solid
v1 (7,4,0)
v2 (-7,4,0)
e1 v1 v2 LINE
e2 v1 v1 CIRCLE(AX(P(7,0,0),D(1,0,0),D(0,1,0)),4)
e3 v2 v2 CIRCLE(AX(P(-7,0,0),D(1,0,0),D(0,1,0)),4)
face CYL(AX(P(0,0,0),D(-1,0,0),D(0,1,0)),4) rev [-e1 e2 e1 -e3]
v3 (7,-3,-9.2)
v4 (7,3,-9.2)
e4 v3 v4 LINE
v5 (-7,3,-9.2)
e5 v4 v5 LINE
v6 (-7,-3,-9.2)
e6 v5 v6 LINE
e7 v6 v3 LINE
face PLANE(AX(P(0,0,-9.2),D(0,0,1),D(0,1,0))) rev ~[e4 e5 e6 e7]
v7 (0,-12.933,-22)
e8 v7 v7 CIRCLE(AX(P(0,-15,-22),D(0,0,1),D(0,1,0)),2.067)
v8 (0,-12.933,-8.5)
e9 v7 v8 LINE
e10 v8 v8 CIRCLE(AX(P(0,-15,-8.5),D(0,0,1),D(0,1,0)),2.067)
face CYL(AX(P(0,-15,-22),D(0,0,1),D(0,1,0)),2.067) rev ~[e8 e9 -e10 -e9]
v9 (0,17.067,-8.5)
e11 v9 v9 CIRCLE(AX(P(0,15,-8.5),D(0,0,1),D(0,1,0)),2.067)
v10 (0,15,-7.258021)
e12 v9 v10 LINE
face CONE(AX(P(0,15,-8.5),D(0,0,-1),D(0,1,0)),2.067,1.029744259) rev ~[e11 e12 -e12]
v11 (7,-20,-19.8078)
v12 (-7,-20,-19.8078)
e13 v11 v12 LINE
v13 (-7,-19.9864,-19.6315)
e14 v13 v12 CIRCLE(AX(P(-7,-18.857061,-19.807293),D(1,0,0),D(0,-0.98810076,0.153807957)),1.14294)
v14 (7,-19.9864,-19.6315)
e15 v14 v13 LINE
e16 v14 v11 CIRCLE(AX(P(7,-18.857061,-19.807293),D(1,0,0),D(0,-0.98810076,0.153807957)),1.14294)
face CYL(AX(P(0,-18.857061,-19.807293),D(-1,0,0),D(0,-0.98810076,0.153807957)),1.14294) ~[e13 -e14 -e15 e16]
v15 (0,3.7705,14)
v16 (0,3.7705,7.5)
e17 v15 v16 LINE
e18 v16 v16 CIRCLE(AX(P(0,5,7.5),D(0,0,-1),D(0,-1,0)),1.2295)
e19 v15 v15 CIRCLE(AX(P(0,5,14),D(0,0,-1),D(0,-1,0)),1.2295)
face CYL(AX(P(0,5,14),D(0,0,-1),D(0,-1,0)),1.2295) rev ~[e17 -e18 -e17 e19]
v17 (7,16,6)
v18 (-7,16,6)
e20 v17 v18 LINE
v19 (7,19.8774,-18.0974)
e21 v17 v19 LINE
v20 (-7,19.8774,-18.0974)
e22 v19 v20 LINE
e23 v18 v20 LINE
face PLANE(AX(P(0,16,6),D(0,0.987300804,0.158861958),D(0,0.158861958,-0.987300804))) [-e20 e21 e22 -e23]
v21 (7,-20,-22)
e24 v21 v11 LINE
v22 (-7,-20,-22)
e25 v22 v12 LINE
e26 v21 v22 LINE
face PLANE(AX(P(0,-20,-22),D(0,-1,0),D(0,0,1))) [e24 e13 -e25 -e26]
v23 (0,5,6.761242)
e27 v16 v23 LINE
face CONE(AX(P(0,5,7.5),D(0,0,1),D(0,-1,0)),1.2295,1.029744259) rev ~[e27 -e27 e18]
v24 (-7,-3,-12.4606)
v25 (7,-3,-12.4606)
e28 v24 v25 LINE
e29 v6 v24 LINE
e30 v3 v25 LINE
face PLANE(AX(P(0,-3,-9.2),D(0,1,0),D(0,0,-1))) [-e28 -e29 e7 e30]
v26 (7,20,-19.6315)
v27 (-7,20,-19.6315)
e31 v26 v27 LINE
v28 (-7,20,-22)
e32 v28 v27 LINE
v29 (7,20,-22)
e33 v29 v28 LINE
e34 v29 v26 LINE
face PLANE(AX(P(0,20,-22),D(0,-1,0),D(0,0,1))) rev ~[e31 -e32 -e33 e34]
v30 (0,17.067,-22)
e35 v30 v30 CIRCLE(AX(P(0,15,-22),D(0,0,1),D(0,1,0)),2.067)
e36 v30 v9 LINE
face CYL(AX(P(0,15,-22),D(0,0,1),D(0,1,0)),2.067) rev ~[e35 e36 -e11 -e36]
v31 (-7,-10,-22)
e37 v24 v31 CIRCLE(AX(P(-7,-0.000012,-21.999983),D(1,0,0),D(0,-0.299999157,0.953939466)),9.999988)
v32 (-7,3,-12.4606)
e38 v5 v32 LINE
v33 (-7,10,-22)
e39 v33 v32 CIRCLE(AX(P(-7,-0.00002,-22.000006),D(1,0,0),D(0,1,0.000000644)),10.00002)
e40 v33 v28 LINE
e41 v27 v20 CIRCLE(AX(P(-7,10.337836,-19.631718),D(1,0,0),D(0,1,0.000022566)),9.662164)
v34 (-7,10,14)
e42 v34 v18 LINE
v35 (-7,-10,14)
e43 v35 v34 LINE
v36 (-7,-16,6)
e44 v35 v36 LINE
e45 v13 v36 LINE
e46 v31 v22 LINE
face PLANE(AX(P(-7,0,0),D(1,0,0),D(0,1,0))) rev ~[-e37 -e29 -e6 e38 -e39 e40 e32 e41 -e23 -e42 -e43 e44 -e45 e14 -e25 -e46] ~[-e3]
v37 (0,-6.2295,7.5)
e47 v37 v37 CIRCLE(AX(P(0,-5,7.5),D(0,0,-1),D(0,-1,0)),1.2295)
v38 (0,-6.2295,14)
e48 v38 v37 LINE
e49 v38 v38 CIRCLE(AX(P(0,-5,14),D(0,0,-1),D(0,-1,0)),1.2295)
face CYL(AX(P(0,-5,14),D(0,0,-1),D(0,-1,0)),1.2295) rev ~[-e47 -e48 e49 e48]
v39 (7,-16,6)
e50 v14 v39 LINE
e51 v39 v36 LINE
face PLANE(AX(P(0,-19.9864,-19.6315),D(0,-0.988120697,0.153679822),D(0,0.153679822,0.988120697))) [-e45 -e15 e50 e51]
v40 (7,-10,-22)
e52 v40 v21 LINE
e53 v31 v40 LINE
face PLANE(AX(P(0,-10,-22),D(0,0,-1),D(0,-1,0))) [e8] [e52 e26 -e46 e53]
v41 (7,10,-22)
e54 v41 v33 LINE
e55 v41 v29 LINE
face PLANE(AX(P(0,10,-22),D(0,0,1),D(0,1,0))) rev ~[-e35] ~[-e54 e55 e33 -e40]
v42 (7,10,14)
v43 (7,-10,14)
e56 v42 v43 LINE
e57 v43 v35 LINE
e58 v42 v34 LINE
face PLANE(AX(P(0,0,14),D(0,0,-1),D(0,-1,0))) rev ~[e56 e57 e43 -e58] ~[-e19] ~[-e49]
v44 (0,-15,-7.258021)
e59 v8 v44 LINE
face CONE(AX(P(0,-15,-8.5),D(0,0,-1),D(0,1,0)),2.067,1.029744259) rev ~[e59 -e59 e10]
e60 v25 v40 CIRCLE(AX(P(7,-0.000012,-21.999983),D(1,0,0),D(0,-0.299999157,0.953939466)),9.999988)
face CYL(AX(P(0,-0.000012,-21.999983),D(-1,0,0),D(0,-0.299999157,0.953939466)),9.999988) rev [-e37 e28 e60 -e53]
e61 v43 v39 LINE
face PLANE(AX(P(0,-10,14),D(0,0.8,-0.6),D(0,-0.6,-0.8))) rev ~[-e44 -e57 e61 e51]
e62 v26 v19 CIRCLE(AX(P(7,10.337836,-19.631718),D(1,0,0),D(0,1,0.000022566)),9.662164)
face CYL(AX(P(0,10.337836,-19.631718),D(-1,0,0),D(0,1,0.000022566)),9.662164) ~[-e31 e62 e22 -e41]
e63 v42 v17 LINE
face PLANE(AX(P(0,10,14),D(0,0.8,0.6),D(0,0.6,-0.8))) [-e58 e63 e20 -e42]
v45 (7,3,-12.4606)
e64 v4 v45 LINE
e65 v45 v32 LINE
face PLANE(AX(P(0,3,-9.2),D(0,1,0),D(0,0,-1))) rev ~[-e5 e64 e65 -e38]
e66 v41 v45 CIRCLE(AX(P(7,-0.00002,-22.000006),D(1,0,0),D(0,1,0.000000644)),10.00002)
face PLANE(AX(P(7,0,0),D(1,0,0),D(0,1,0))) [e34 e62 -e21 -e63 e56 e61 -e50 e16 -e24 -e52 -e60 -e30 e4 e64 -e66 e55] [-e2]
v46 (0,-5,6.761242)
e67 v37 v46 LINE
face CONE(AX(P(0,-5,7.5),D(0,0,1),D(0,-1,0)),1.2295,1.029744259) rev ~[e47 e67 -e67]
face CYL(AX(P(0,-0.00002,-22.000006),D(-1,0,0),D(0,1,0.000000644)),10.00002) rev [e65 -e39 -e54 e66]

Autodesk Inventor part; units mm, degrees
ref_plane "YZ Plane" through (0, 0, 0) normal (1, 0, 0) x (0, 1, 0)
sketch "Sketch1" plane through (0, 0, 0) normal (1, 0, 0) x (0, 1, 0)
  circle A0 centre (0, 0) radius 4
  line L0 (0, 0) -> (0, -22) construction
  line L1 (-10, -22) -> (-20, -22)
  line L2 (-20, -22) -> (-20, -19.8078)
  line L3 (10, -22) -> (20, -22)
  line L4 (20, -22) -> (20, -19.6315)
  line L5 (0, -9.2) -> (3, -9.2)
  line L6 (3, -9.2) -> (3, -12.4606)
  line L7 (0, -9.2) -> (-3, -9.2)
  line L8 (-3, -9.2) -> (-3, -12.4606)
  arc A1 (10, -22) -> (3, -12.4606) centre (0, -22) ccw
  arc A2 (-3, -12.4606) -> (-10, -22) centre (0, -22) ccw
  arc A3 (-19.9864, -19.6315) -> (-20, -19.8078) centre (-18.8527, -19.8078) ccw
  arc A4 (20, -19.6315) -> (19.8774, -18.0974) centre (10.3433, -19.6315) ccw
  line L9 (-19.9864, -19.6315) -> (-16, 6)
  line L10 (16, 6) -> (19.8774, -18.0974)
  line L11 (0, 14) -> (-10, 14)
  line L12 (-10, 14) -> (-16, 6)
  line L13 (0, 14) -> (10, 14)
  line L14 (10, 14) -> (16, 6)
  point P0 (-20, -12)
  point P1 (20, -12)
  dimension "d0" = 8
  dimension "d2" = 22
  dimension "d4" = 20
  dimension "d5" = 10
  dimension "d13" = 12.8
  dimension "d26" = 10
  dimension "d73" = 10
  dimension "d74" = 8
  dimension "d76" = 10
  dimension "d107" = 6
  dimension "d119" = 6
  dimension "d122" = 14
extrude "Extrusion1" add sketch "Sketch1" along normal mid plane 14
sketch "Sketch2" plane through (7, -10, -22) normal (0, 0, -1) x (-1, 0, 0)
  line L0 (14, 0) -> (14, -10) projected
  line L1 (7, 10) -> (-4.9056, 10) construction
  line L2 (14, 20) -> (0, 20)
  line L3 (0, 30) -> (0, 20)
  line L4 (0, 30) -> (14, 30)
  line L5 (14, 20) -> (14, 30)
  line L6 (0, -10) -> (0, 0) projected
  line L7 (14, 0) -> (0, 0) projected
  line L8 (0, -10) -> (14, -10) projected
  point P0 (5, 26.5)
  point P1 (5, -6.5)
  dimension "d46" = 5
  dimension "d48" = 3.5
  dimension "d50" = 5
  dimension "d51" = 3.5
ref_plane "Work Plane1" through (16, 0, 0) normal (1, 0, 0) x (0, 0, -1)
sketch "Sketch7" plane through (-7, 0, 0) normal (-1, 0, 0) x (0, 0, 1)
  circle A0 centre (0, 0) radius 4 projected
  circle A1 centre (0, 0) radius 14.25
  dimension "d52" = 28.5
sketch "Sketch10" plane through (-7, -10, 14) normal (0, 0, 1) x (1, 0, 0)
  line L0 (0, 0) -> (14, 0) projected
  line L1 (14, 20) -> (14, 0) projected
  line L2 (0, 20) -> (14, 20) projected
  line L3 (0, 0) -> (0, 20) projected
  point P0 (7, 10)
sketch "Sketch15" plane through (7, -10, -22) normal (0, 0, -1) x (-1, 0, 0)
  line L0 (14, 0) -> (0, 0) projected
  line L1 (0, -10) -> (0, 0) projected
  line L2 (0, -10) -> (14, -10) projected
  line L3 (14, 0) -> (14, -10) projected
  point P0 (7, 10)
sketch "Sketch16" plane through (7, -10, -22) normal (0, 0, -1) x (-1, 0, 0)
  line L0 (0, -10) -> (14, -10) projected
  line L1 (14, 0) -> (14, -10) projected
  line L2 (7, -10) -> (7, 30.0311)
  line L3 (4.3309, -5) -> (12.7149, -5)
  line L4 (3.2036, 25) -> (11.1649, 25)
  line L5 (14, 30) -> (0, 30) projected
  line L6 (0, 20) -> (0, 30) projected
  line L7 (14, 20) -> (0, 20) projected
  line L8 (14, 30) -> (14, 20) projected
  point P0 (7, 10)
  point P1 (7, 25)
  point P2 (7, -5)
  dimension "d110" = 5
  dimension "d111" = 5
hole "Hole13" at (0, -15, -22) at (0, 15, -22) direction (0, 0, 1) diameter 4.134 depth 13.5 tip angle 118 thread size "M5x0.8" class "6H" standard "ANSI Metric M Profile"
ref_plane "Work Plane2" through (19.5, 0, 0) normal (1, 0, 0) x (0, 0, -1)
sketch "Sketch17" plane through (19.5, 0, 0) normal (1, 0, 0) x (0, 0, -1)
  point P0 (0, 0)
  point P1 (0, 0)
sketch "Sketch18" plane through (-7, -10, 14) normal (0, 0, 1) x (1, 0, 0)
  circle A0 centre (7, 15) radius 1.5
  line L0 (0, 0) -> (14, 0) projected
  line L1 (14, 20) -> (14, 0) projected
  line L2 (0, 20) -> (14, 20) projected
  line L3 (0, 0) -> (0, 20) projected
  circle A1 centre (7, 5) radius 1.5
  point P0 (7, 10)
  dimension "d132" = 7
hole "Hole14" at (0, 5, 14) at (0, -5, 14) direction (0, 0, -1) diameter 2.459 depth 6.5 tip angle 118 thread size "M3x0.5" class "6H" standard "ANSI Metric M Profile"
equation "\"d46\" = d50"
equation "\"d51\" = d48"
properties part number "2DOF-150-18-LEVS-01" material "Stainless Steel"
